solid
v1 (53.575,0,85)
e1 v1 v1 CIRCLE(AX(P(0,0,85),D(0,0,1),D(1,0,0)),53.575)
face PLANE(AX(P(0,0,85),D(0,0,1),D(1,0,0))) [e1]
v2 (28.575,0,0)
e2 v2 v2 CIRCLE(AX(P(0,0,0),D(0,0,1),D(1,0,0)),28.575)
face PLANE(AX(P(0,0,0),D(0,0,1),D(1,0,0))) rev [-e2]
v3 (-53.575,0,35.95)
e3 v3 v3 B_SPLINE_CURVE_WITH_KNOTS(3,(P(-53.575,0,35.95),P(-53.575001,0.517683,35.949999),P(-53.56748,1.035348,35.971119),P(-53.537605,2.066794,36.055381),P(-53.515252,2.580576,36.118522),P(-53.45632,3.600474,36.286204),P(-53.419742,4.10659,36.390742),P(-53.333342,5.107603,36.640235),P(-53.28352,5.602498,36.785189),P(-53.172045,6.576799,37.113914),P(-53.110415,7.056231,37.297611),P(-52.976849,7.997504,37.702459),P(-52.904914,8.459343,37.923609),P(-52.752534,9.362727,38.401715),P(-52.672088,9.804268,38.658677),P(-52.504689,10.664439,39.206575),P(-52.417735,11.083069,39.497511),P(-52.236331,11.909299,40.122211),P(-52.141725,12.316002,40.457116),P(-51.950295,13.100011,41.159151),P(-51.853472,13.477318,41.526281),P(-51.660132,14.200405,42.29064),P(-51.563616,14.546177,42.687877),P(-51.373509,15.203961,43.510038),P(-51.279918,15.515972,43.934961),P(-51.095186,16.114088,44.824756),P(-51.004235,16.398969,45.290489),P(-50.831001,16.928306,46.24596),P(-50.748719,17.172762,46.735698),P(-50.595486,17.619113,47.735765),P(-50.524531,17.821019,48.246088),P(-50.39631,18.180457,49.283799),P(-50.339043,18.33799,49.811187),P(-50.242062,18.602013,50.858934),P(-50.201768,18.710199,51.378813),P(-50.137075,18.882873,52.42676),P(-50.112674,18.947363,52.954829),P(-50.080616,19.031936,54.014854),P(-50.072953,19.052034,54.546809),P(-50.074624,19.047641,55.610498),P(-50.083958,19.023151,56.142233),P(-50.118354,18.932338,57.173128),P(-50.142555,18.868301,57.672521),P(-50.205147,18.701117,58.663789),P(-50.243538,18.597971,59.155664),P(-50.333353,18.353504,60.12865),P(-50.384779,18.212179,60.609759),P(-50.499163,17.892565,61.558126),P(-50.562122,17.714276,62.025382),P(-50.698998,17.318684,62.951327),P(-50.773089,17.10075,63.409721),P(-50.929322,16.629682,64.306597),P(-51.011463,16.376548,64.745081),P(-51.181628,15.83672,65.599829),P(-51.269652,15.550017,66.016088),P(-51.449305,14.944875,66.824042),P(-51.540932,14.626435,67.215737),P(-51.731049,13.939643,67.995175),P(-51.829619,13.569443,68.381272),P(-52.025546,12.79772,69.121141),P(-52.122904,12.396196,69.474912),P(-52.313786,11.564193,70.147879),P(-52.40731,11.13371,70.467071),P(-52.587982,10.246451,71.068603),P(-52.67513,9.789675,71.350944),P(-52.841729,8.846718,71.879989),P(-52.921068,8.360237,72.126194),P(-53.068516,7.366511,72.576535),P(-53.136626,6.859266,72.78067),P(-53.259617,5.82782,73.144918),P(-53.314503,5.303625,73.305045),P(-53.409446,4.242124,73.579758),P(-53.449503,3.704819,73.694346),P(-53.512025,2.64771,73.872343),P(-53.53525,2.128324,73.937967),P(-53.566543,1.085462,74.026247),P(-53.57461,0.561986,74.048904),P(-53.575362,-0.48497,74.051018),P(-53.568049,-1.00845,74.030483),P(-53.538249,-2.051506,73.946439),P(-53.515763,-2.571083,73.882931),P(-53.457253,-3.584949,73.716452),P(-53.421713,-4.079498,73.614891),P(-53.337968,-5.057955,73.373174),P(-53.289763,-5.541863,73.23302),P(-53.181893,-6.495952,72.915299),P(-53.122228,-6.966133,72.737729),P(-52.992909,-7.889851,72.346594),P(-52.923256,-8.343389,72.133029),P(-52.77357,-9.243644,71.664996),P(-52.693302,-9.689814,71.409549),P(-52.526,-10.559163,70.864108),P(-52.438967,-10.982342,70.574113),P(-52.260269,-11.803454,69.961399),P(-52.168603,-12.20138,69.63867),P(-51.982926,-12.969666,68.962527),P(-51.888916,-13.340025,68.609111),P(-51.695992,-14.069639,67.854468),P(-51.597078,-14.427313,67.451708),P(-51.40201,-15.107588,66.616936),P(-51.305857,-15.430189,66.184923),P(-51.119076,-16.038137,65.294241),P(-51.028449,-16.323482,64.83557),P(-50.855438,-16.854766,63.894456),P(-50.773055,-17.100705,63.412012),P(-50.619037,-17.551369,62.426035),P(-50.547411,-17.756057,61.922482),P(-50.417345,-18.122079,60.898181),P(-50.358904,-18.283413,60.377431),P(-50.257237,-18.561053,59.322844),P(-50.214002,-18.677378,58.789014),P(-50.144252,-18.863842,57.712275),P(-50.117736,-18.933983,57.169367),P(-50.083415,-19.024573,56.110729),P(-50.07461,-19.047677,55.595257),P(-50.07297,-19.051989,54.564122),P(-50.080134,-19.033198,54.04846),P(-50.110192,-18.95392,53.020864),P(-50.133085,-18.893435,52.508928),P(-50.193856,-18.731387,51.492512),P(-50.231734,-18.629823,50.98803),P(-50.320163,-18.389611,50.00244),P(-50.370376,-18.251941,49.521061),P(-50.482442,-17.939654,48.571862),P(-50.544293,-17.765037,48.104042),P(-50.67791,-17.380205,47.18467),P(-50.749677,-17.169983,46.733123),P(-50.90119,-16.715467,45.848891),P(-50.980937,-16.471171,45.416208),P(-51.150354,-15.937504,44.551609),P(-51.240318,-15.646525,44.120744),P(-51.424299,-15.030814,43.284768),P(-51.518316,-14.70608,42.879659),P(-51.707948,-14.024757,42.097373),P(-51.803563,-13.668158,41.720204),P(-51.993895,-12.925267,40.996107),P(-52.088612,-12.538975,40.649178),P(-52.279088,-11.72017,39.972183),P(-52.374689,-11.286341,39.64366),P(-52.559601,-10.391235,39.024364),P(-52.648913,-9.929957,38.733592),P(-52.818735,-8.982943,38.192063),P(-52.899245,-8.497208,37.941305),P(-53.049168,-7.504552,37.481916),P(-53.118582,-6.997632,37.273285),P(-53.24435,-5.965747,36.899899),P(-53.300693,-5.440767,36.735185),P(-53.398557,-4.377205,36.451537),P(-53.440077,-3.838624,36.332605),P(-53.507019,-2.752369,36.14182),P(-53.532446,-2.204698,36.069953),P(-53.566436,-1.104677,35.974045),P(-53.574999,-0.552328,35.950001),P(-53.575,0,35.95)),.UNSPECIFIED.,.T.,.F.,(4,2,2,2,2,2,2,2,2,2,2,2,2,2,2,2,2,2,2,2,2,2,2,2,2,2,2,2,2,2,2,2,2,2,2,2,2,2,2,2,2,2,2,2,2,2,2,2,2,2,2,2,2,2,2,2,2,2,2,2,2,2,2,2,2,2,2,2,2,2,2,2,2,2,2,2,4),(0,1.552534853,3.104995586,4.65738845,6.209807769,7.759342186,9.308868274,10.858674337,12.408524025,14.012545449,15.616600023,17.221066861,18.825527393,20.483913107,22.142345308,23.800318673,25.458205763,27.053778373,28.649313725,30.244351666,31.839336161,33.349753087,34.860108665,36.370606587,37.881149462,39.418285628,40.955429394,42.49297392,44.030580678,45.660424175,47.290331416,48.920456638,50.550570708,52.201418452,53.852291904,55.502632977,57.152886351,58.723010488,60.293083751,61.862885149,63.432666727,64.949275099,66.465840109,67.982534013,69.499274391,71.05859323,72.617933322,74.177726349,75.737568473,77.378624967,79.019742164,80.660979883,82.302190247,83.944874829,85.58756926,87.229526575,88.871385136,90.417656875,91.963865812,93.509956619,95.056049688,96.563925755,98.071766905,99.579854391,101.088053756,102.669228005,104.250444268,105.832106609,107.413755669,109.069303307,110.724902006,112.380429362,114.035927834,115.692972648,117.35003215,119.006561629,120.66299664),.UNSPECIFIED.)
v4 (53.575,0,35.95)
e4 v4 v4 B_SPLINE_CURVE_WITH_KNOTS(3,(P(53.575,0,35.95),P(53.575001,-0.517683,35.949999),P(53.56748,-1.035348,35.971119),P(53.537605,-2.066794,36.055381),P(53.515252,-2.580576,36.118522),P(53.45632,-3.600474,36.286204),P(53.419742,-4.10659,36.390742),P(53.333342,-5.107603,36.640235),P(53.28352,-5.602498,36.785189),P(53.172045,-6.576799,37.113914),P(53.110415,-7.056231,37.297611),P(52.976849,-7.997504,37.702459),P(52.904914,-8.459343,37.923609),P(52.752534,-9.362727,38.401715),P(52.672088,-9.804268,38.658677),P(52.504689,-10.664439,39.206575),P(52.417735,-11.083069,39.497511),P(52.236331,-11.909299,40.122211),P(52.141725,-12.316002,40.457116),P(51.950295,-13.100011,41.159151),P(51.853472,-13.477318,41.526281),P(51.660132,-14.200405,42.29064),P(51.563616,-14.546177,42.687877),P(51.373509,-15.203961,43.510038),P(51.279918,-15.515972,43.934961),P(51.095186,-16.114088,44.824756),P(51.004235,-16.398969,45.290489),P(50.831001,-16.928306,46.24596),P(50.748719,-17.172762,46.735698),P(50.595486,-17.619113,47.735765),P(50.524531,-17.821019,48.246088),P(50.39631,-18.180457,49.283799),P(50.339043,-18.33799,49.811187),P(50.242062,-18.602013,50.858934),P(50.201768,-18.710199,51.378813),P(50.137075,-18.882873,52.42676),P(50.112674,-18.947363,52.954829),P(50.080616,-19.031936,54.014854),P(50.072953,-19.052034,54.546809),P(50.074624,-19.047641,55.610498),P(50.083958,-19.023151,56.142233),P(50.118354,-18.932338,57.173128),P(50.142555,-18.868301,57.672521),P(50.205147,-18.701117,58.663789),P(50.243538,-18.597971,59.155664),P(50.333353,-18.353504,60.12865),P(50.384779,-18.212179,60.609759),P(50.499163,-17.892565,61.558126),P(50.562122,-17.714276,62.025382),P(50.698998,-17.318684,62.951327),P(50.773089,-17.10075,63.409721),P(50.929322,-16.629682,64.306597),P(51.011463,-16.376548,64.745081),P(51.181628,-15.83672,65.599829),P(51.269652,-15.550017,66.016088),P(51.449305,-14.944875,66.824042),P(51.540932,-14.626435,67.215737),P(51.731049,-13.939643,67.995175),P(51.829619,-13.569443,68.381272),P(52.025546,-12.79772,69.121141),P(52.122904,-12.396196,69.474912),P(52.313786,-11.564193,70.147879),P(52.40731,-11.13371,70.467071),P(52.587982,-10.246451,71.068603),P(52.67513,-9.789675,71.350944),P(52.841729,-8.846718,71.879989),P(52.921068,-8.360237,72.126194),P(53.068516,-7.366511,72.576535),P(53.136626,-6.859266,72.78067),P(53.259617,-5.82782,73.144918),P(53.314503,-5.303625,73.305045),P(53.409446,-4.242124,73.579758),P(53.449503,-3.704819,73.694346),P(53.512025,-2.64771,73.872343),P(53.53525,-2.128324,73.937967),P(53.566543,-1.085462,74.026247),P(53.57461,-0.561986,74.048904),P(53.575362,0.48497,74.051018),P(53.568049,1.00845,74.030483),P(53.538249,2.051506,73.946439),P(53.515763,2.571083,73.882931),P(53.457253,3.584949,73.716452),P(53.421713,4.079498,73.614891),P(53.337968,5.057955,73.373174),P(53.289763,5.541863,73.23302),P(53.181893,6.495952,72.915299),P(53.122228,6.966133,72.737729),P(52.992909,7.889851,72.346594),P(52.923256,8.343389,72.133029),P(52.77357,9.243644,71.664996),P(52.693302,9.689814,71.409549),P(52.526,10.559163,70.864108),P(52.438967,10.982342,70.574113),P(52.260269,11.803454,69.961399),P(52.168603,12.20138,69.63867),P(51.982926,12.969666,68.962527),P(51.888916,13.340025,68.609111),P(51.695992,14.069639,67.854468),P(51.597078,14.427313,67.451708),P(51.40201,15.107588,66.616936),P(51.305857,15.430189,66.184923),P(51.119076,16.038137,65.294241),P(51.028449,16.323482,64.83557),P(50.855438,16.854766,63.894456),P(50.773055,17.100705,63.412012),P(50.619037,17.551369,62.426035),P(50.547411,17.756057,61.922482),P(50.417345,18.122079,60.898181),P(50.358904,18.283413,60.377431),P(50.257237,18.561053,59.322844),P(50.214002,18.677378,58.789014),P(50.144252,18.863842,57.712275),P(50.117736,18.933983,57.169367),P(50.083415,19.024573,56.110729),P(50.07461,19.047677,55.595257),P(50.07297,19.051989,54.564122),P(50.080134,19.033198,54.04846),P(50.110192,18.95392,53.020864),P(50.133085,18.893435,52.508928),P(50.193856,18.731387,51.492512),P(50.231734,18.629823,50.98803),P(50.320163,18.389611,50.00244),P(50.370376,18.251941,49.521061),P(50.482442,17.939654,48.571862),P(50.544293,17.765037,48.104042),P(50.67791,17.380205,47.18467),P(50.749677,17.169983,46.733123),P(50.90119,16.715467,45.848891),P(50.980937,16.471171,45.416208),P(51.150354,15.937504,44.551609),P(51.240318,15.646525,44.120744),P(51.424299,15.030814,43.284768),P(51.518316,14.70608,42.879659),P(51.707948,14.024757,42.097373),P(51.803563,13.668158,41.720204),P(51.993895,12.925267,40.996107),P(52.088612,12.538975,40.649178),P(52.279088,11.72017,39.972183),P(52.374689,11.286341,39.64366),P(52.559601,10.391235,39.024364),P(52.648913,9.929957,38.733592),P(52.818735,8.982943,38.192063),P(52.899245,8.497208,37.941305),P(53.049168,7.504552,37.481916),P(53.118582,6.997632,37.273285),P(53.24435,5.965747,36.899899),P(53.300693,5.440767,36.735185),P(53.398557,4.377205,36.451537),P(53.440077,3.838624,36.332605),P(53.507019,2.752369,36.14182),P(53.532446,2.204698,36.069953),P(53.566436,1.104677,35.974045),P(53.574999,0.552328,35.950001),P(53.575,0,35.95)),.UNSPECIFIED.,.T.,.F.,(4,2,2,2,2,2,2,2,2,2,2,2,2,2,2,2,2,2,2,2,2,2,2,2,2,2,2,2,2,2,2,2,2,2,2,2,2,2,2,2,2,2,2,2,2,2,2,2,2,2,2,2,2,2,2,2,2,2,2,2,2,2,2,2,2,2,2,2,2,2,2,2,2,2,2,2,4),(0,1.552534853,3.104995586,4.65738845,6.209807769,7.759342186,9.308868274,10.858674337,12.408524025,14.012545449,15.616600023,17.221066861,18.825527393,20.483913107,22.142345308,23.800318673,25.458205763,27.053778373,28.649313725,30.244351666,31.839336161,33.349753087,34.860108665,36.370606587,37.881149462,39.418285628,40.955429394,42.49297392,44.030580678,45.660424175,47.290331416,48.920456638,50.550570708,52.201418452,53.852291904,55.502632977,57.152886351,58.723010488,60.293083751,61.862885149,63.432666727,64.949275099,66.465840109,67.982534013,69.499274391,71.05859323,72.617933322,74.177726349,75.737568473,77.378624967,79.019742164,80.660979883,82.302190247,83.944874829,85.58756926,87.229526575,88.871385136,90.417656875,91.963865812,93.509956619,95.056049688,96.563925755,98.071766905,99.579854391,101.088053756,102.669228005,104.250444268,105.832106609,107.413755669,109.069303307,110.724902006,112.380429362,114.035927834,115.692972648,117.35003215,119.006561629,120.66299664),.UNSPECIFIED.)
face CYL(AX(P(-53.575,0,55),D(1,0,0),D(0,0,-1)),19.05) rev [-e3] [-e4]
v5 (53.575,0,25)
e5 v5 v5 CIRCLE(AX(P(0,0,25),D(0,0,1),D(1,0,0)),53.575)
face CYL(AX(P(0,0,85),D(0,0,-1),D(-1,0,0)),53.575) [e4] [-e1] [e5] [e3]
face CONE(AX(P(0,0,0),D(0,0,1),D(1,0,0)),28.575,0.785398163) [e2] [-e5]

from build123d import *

# Parameters (mm, degrees)
SKETCH1_R               = 28.575
BOSS_EXTRUDE1_DEPTH     = 25
BOSS_EXTRUDE1_DRAFT     = -45
SKETCH3_R               = 53.575
BOSS_EXTRUDE2_DEPTH     = 60
CUT_EXTRUDE1_DEPTH      = 114.866418447
CUT_EXTRUDE1_DEPTH_BACK = 114.866418447
SKETCH4_R               = 19.05


with BuildPart() as part:
    # Sketch1 → Boss-Extrude1 (with draft: the straight prism first)
    with BuildSketch(Plane.XY):
        Circle(SKETCH1_R)
    extrude(amount=BOSS_EXTRUDE1_DEPTH)
    # Boss-Extrude1: the draft: its side faces are tilted about the plane it starts from
    boss_extrude1_sides = [part.faces().sort_by_distance(p)[0] for p in [
        (-28.575, 0, 12.5),
    ]]
    draft(boss_extrude1_sides, Plane.XY, BOSS_EXTRUDE1_DRAFT)

    # Sketch3 → Boss-Extrude2 (add)
    with BuildSketch(Plane.XY.offset(25)):
        Circle(SKETCH3_R)
    extrude(amount=BOSS_EXTRUDE2_DEPTH)

    # Sketch4 → Cut-Extrude1 (cut, two sides: drawn at the far end of the back side and taken through both)
    with BuildSketch(Plane(origin=(0, 0, 0), x_dir=(0, 0, -1), z_dir=(1, 0, 0)).offset(-CUT_EXTRUDE1_DEPTH_BACK)):
        with Locations((-55, 0)):
            Circle(SKETCH4_R)
    extrude(amount=CUT_EXTRUDE1_DEPTH + CUT_EXTRUDE1_DEPTH_BACK, mode=Mode.SUBTRACT)


solid = part.part
